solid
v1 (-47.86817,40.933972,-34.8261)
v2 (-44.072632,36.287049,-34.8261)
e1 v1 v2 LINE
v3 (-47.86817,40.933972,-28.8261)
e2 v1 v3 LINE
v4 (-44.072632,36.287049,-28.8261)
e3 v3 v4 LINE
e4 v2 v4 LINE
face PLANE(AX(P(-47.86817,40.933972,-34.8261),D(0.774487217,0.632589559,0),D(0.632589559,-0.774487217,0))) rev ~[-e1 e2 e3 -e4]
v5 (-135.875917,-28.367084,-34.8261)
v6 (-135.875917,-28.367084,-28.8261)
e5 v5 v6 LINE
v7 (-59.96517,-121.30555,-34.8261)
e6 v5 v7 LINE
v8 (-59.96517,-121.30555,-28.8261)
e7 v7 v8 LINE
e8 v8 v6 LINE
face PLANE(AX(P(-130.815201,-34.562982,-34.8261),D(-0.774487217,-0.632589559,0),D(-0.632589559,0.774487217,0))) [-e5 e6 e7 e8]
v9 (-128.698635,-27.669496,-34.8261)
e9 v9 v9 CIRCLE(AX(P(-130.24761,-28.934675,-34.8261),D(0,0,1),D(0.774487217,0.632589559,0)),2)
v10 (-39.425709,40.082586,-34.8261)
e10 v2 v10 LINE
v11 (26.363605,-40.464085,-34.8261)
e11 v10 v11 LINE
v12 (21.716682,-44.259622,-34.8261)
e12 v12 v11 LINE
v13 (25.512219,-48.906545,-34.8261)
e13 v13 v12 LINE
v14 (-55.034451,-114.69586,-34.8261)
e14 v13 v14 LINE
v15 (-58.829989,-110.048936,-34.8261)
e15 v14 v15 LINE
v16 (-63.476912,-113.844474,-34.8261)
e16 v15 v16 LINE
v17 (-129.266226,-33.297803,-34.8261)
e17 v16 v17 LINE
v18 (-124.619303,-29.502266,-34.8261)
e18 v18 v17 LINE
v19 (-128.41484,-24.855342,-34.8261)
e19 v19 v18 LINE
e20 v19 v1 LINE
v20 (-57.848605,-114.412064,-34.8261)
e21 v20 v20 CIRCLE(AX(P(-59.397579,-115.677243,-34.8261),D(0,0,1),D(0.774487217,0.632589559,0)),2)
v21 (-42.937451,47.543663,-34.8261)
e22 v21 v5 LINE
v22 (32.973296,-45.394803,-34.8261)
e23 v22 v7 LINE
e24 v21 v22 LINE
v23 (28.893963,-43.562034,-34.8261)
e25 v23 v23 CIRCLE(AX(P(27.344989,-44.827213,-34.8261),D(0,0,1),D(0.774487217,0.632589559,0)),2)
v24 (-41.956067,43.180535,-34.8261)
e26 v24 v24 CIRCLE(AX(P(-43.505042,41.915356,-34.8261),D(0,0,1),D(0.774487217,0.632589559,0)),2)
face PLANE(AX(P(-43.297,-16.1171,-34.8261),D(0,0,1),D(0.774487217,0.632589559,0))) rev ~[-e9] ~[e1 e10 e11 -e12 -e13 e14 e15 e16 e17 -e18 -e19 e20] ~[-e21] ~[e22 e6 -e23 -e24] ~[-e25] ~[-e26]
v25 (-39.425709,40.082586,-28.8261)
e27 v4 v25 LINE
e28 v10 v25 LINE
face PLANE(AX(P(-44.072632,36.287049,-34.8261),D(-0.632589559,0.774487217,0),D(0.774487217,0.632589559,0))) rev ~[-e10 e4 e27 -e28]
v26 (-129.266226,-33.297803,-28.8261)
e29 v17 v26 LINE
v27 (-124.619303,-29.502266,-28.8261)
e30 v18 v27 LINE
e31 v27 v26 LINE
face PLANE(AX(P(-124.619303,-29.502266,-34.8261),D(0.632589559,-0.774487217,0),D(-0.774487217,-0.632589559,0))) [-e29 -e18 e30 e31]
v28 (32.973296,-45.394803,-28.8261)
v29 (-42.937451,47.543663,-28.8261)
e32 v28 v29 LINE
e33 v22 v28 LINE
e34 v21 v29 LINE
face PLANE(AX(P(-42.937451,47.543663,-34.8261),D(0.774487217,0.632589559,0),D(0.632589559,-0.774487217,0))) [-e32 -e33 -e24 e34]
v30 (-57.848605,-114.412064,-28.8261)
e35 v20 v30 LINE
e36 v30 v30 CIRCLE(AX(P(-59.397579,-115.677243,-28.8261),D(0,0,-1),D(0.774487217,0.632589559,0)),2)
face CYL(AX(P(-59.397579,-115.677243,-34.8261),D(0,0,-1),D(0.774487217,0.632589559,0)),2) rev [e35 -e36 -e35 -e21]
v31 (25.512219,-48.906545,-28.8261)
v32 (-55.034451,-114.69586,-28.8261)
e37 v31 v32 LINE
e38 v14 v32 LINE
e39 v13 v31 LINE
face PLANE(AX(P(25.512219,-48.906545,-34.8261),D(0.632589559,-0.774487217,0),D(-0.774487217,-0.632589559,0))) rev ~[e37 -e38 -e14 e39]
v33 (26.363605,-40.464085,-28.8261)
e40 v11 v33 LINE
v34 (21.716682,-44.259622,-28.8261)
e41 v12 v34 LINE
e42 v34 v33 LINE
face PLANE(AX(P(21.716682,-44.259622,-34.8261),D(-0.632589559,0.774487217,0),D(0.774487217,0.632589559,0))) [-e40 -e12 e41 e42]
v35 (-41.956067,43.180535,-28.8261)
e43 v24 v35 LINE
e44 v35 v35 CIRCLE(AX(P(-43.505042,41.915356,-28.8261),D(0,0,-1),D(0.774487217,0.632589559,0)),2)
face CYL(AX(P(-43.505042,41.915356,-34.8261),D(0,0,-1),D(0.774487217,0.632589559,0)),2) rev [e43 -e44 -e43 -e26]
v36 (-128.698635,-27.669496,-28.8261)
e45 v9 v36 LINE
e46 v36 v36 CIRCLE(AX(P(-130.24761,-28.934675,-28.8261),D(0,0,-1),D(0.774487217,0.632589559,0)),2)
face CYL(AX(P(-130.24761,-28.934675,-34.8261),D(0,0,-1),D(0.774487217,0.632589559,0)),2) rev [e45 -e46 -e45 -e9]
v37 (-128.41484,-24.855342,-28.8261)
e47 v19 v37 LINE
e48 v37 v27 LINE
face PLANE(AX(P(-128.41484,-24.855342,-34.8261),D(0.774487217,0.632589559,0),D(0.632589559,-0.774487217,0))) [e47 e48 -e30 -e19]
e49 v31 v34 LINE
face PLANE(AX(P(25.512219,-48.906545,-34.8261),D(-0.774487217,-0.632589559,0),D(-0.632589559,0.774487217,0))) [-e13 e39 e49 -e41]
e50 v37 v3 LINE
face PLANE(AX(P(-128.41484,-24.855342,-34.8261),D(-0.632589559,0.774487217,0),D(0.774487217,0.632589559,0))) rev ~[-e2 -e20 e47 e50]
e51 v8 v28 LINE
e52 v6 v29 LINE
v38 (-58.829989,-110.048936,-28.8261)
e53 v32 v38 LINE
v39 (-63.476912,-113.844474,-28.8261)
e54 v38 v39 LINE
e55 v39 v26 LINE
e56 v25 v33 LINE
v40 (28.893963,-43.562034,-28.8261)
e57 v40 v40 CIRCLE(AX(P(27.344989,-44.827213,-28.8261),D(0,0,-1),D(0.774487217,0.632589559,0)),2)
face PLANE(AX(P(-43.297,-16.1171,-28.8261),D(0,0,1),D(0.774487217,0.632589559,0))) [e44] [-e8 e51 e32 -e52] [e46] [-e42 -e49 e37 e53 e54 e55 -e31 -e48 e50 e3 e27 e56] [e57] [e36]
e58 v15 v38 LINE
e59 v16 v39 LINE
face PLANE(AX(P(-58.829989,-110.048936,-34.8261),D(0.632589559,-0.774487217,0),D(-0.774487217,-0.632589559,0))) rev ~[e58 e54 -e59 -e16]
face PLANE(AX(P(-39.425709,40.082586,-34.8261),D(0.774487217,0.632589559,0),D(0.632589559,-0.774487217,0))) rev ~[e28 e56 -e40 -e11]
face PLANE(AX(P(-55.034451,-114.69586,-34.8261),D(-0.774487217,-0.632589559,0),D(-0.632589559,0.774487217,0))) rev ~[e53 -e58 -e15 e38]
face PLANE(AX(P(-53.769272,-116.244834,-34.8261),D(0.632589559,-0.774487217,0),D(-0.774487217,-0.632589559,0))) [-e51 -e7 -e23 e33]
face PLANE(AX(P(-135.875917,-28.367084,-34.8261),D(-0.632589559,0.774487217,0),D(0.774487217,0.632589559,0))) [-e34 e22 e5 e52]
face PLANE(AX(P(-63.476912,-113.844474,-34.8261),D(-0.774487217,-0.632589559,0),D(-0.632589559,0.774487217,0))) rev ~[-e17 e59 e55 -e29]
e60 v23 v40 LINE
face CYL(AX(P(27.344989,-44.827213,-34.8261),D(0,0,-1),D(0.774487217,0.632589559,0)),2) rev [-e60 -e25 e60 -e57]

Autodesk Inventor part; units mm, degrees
ref_plane "YZ Plane" through (0, 0, 0) normal (1, 0, 0) x (0, 1, 0)
ref_plane "XZ Plane" through (0, 0, 0) normal (0, 1, 0) x (-1, 0, 0)
ref_plane "XY Plane" through (0, 0, 0) normal (0, 0, 1) x (1, 0, 0)
ref_plane "Work Plane1" through (-43.297, -16.1171, -34.8261) normal (0, 0, 1) x (0.7745, 0.6326, 0)
sketch "Sketch1" plane through (-43.297, -16.1171, -34.8261) normal (0, 0, 1) x (0.7745, 0.6326, 0)
  line L0 (-79.4504, 49.077) -> (40.5496, 49.077)
  line L1 (40.5496, 49.077) -> (40.5496, -70.923)
  line L2 (40.5496, -70.923) -> (-79.4504, -70.923)
  line L3 (-79.4504, -70.923) -> (-79.4504, 49.077)
  line L4 (-77.4504, 47.077) -> (38.5496, 47.077)
  line L5 (38.5496, 47.077) -> (38.5496, -68.923)
  line L6 (38.5496, -68.923) -> (-77.4504, -68.923)
  line L7 (-77.4504, -68.923) -> (-77.4504, 47.077)
  line L8 (-79.4504, 49.077) -> (-71.4504, 49.077)
  line L9 (-71.4504, 49.077) -> (-71.4504, 41.077)
  line L10 (-71.4504, 41.077) -> (-79.4504, 41.077)
  line L11 (-79.4504, 41.077) -> (-79.4504, 49.077)
  line L12 (40.5496, 49.077) -> (32.5496, 49.077)
  line L13 (32.5496, 49.077) -> (32.5496, 41.077)
  line L14 (32.5496, 41.077) -> (40.5496, 41.077)
  line L15 (40.5496, 41.077) -> (40.5496, 49.077)
  line L16 (-79.4504, -70.923) -> (-71.4504, -70.923)
  line L17 (-71.4504, -70.923) -> (-71.4504, -62.923)
  line L18 (-71.4504, -62.923) -> (-79.4504, -62.923)
  line L19 (-79.4504, -62.923) -> (-79.4504, -70.923)
  line L20 (40.5496, -70.923) -> (32.5496, -70.923)
  line L21 (32.5496, -70.923) -> (32.5496, -62.923)
  line L22 (32.5496, -62.923) -> (40.5496, -62.923)
  line L23 (40.5496, -62.923) -> (40.5496, -70.923)
  circle A0 centre (-75.4504, 45.077) radius 2
  circle A1 centre (36.5496, 45.077) radius 2
  circle A2 centre (-75.4504, -66.923) radius 2
  circle A3 centre (36.5496, -66.923) radius 2
  point P0 (43.7284, -14.9068)
  point P1 (-71.4504, 47.077)
  point P2 (32.5496, 47.077)
  point P3 (38.5496, 41.077)
  point P4 (38.5496, -62.923)
  point P5 (32.5496, -68.923)
  point P6 (-71.4504, -68.923)
  point P7 (-77.4504, -62.923)
  point P8 (-77.4504, 41.077)
  dimension "d0" = 2
  dimension "d1" = 120
  dimension "d2" = 120
  dimension "d3" = 8
  dimension "d4" = 8
  dimension "d5" = 8
  dimension "d6" = 8
  dimension "d7" = 8
  dimension "d8" = 8
  dimension "d9" = 8
  dimension "d10" = 8
  dimension "d11" = 4
  dimension "d12" = 4
  dimension "d13" = 4
  dimension "d14" = 4
  dimension "d15" = 4
  dimension "d16" = 4
  dimension "d17" = 4
  dimension "d18" = 4
  dimension "d19" = 4
  dimension "d20" = 4
  dimension "d21" = 4
  dimension "d22" = 4
extrude "Extrusion1" add sketch "Sketch1" along normal blind 6 contours L0 L9 L4 L7 L10 L3 | L0 L13 L4 L9 | L10 L7 L18 L3 | L0 L1 L14 L5 L4 L13 | L9 L10 L7 A0 L4 | L18 L7 L6 L17 L2 L3 | L4 A1 L5 L14 L13 | A0 L7 L4 | L18 L17 L6 A2 L7 | L1 L22 L5 L14 | L4 L5 A1 | L17 L6 L21 L2 | A2 L6 L7 | L1 L2 L21 L6 L5 L22 | L5 A3 L6 L21 L22 | L5 L6 A3
equation "\"d2\" = d1"
equation "\"d3\" = d6"
equation "\"d4\" = d6"
equation "\"d5\" = d6"
equation "\"d7\" = d6"
equation "\"d8\" = d6"
equation "\"d9\" = d6"
equation "\"d10\" = d6"
equation "\"d15\" = d18"
equation "\"d16\" = d17"
equation "\"d18\" = d17"
equation "\"d19\" = d17"
equation "\"d20\" = d17"
equation "\"d21\" = d17"
equation "\"d22\" = d17"
properties part number "Stage_shunt"
